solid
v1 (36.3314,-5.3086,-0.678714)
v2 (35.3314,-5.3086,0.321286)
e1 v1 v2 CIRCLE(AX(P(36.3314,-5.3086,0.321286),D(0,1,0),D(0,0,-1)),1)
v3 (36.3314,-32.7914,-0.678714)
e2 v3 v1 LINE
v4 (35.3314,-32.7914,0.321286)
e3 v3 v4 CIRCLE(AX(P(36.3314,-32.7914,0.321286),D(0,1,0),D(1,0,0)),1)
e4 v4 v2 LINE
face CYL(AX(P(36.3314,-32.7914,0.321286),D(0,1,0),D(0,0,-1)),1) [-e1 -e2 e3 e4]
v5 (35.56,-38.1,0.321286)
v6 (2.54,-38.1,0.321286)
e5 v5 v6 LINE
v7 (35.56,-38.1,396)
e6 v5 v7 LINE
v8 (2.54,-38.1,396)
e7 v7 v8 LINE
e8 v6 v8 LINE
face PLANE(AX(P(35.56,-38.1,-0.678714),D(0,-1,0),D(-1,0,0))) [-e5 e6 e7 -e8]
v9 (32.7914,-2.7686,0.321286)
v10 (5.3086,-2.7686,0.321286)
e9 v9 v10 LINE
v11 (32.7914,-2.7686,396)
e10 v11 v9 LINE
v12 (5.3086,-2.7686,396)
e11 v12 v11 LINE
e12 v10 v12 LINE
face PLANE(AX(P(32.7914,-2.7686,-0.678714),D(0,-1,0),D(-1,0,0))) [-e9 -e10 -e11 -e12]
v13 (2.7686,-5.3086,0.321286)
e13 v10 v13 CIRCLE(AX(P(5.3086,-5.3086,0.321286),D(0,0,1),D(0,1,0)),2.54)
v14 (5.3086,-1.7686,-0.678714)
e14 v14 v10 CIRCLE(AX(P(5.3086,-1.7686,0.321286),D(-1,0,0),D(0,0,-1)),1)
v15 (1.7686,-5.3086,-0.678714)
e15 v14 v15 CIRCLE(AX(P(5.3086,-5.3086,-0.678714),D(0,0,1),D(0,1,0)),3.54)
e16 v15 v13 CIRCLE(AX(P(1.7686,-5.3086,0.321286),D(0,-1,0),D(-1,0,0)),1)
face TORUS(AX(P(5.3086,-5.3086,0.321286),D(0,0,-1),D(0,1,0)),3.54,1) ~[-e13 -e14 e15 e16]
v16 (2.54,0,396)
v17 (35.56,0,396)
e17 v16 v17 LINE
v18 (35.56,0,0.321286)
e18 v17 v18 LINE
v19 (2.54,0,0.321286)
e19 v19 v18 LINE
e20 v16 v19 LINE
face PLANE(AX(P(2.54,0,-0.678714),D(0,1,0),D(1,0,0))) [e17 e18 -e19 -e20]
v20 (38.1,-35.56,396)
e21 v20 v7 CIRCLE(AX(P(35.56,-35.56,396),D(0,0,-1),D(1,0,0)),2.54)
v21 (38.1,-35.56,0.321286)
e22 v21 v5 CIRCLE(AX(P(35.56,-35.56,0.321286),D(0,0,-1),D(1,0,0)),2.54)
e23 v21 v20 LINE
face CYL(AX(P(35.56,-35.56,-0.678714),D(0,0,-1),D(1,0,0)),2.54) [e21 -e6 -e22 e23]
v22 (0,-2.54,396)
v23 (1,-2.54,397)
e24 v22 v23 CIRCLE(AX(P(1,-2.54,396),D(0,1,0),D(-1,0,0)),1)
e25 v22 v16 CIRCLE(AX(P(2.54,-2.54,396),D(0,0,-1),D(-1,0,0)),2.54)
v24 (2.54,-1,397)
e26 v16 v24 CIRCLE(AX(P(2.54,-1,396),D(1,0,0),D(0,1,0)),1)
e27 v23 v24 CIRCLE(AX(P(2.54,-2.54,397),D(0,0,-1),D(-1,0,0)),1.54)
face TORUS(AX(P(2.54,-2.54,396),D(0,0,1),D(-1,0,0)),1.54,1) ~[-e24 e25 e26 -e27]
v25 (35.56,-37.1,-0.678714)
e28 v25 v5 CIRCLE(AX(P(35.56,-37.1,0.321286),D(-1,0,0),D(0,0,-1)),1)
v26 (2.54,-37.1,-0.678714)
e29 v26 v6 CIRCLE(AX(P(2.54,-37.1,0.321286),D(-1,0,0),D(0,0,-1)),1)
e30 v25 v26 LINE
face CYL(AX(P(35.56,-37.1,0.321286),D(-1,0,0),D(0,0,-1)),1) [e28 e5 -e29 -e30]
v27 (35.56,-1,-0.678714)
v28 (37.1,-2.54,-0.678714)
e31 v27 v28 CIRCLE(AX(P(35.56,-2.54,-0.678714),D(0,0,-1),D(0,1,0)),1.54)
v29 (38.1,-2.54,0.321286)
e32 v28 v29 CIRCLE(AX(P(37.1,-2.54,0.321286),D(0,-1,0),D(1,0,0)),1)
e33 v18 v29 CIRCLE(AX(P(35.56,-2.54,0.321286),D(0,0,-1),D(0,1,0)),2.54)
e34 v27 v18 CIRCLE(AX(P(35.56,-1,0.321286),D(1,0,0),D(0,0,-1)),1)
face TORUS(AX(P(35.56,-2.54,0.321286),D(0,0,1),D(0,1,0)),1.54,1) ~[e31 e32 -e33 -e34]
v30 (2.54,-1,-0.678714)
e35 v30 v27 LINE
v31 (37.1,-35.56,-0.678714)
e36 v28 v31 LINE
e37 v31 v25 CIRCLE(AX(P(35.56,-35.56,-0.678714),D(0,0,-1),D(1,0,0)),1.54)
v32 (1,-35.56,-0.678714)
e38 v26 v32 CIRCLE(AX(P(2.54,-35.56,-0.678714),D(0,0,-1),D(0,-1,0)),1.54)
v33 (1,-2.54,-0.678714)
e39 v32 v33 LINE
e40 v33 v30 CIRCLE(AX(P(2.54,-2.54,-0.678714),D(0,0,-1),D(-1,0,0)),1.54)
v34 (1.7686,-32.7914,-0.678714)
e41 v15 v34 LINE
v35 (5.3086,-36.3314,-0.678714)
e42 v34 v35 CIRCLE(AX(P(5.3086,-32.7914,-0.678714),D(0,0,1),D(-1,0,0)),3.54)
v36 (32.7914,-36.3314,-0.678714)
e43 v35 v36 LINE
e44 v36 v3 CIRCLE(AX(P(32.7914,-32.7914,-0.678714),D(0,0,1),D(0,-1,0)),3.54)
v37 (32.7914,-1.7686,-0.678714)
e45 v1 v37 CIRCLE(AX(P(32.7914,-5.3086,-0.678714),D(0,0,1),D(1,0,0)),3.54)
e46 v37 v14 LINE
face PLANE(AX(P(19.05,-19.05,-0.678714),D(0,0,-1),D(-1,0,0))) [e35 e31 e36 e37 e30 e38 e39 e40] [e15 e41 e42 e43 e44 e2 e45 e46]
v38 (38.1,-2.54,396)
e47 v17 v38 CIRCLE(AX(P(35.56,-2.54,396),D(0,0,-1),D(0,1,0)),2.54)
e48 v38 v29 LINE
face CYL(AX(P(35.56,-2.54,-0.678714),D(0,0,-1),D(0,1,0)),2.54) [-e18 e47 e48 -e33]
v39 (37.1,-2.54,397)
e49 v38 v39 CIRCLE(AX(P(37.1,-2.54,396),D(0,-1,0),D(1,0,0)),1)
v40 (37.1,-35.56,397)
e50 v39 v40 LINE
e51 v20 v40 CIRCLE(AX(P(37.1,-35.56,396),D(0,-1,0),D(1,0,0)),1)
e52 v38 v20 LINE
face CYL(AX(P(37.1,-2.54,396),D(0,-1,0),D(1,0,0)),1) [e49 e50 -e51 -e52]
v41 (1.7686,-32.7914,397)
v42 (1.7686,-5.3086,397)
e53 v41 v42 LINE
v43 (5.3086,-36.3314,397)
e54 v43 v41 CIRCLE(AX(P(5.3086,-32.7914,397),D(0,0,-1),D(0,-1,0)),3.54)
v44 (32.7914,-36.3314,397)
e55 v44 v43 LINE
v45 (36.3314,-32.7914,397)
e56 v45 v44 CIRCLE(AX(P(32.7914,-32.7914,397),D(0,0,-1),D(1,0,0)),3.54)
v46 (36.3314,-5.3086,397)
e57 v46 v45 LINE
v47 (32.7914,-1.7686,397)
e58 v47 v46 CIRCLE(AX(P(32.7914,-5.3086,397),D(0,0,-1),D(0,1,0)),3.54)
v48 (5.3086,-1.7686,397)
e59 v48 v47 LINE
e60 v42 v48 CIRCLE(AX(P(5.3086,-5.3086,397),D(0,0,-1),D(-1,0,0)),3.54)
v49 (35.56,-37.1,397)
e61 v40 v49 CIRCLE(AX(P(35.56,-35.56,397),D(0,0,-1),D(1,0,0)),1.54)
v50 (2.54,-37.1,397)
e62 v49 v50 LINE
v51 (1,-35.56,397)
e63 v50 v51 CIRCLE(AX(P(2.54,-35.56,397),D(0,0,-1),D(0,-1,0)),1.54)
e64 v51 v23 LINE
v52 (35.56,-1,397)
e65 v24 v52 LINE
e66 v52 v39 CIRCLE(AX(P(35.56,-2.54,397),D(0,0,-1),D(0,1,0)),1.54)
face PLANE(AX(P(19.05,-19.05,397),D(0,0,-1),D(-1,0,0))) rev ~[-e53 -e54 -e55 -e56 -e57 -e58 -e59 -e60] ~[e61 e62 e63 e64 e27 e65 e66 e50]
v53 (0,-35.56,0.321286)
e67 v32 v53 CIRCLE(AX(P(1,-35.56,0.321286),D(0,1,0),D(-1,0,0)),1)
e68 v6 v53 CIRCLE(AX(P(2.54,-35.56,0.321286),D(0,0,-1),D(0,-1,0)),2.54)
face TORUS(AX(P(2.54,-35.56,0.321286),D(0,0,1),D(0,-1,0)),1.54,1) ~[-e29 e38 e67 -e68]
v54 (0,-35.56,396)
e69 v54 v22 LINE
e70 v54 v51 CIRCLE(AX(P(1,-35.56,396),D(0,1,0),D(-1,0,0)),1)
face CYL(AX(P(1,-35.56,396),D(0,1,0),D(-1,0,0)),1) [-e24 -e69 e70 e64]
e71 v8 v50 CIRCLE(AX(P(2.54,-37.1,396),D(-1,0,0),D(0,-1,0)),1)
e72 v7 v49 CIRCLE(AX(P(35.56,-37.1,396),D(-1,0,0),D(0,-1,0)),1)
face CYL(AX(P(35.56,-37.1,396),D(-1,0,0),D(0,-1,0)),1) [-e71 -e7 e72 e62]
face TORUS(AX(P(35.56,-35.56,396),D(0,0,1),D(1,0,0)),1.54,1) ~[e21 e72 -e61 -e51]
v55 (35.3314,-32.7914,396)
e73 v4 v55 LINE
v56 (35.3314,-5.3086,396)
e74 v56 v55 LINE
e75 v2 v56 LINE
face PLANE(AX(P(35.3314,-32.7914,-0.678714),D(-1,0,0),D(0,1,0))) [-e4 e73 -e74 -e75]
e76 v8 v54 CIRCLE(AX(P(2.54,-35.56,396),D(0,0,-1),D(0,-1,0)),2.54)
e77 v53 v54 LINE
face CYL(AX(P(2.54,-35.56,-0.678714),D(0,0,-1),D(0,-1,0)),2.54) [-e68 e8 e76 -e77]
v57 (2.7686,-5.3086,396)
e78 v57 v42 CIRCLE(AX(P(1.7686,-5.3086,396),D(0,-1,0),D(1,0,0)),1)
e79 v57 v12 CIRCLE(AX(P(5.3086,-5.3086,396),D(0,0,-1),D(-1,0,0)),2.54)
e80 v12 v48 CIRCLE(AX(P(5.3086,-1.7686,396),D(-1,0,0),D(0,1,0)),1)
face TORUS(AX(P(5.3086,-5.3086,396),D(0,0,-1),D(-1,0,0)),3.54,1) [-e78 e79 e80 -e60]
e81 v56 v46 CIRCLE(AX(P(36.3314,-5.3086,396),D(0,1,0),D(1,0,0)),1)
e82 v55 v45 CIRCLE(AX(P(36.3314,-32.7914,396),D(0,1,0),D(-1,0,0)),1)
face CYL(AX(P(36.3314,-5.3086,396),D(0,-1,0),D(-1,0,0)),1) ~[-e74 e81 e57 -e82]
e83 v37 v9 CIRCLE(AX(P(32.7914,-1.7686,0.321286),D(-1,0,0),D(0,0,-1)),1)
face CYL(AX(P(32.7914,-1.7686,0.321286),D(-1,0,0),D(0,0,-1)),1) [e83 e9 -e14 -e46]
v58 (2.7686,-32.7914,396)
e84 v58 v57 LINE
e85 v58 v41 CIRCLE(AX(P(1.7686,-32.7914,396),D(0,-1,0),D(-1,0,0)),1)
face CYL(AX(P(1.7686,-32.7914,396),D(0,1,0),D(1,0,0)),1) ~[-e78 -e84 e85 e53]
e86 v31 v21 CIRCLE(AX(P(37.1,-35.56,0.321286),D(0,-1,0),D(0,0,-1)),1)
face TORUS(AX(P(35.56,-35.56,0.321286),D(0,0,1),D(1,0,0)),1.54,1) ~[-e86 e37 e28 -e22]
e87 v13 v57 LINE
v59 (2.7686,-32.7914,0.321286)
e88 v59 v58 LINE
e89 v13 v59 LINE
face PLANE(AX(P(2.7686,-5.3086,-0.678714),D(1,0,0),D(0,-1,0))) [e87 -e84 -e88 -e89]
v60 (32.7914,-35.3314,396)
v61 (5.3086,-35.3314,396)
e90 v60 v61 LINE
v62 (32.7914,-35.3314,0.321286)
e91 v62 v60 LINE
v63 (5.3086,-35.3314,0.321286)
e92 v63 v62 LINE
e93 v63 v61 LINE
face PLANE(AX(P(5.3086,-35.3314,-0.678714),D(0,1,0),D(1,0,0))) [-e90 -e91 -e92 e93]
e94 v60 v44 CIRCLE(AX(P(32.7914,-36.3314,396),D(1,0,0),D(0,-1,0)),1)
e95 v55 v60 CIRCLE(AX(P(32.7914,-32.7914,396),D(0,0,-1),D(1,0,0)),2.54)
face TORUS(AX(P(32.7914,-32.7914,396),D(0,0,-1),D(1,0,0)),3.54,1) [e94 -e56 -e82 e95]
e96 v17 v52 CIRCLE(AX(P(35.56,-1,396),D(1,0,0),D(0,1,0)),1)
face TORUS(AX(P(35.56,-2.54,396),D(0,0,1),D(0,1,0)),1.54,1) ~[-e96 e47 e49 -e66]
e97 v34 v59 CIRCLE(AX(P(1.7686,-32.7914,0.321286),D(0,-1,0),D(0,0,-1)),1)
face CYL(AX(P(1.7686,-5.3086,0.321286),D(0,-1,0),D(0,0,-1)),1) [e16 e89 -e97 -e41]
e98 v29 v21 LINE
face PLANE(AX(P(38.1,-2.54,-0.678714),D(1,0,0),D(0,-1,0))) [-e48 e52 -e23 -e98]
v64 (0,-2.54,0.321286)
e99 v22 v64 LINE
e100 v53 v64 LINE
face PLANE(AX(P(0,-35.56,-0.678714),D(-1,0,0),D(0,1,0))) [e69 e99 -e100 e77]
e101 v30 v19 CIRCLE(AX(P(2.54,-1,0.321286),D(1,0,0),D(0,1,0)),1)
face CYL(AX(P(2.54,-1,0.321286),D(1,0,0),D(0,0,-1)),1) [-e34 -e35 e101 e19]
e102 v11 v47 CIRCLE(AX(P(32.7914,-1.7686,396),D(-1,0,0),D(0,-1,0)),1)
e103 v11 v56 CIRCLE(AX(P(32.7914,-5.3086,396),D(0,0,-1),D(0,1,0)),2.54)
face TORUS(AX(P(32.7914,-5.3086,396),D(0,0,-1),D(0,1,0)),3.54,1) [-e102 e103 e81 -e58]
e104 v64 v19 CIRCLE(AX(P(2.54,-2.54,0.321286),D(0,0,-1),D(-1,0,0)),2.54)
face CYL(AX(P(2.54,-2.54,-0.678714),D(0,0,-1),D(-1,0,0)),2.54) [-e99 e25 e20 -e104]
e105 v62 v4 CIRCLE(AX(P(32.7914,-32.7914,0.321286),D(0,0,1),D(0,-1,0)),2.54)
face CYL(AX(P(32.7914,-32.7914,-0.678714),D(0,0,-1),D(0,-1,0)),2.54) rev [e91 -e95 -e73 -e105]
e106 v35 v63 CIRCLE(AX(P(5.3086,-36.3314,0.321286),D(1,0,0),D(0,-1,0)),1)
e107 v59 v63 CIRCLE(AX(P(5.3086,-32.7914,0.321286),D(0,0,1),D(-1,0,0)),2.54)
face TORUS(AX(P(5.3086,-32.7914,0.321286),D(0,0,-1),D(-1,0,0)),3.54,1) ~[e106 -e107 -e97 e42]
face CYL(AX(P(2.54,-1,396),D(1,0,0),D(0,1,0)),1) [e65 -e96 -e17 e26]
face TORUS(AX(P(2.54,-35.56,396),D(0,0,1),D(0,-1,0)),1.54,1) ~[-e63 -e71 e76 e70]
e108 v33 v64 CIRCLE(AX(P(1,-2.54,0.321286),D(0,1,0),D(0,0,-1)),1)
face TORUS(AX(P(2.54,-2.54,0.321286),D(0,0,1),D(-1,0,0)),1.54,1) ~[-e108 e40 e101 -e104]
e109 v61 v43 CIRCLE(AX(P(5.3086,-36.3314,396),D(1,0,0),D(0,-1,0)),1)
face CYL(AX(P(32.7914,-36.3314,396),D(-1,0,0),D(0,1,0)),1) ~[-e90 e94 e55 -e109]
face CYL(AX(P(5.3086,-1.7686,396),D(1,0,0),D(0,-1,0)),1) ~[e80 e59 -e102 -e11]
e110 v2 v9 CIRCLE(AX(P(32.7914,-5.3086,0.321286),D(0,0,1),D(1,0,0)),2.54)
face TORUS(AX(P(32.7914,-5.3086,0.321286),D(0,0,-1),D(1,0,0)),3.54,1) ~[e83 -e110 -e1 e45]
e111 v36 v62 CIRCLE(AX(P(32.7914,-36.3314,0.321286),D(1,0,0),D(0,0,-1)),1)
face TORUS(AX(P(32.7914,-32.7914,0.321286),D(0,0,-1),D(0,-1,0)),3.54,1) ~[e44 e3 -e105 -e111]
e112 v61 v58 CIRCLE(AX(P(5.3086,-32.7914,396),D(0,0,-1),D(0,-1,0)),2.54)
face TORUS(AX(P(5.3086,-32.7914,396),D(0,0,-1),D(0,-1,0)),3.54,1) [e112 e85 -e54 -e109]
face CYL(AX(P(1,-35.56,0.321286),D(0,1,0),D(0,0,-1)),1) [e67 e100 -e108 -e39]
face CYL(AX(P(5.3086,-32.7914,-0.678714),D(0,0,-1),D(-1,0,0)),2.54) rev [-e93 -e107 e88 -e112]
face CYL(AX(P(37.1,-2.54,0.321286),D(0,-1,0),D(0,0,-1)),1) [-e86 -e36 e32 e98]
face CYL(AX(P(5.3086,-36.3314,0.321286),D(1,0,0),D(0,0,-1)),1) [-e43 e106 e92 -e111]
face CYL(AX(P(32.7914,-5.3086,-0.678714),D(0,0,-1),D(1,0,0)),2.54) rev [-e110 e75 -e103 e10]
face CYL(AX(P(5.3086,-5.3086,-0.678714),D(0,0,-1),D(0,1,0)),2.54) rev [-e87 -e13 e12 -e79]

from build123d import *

# Parameters (mm, degrees)
BOSS_EXTRUDE1_DEPTH = 397
BOSS_EXTRUDE2_START = 0.678713738
BOSS_EXTRUDE2_DEPTH = 0.678713738
FILLET1_R           = 1


with BuildPart() as part:
    # Sketch1 → Boss-Extrude1 (new body)
    with BuildSketch(Plane.XY):
        with BuildLine():
            Line((2.54, 0), (35.56, 0))
            ThreePointArc((35.56, 0), (37.356051224, -0.743948776), (38.1, -2.54))
            Line((38.1, -2.54), (38.1, -35.56))
            ThreePointArc((38.1, -35.56), (37.356051224, -37.356051224), (35.56, -38.1))
            Line((35.56, -38.1), (2.54, -38.1))
            ThreePointArc((2.54, -38.1), (0.743948776, -37.356051224), (0, -35.56))
            Line((0, -35.56), (0, -2.54))
            ThreePointArc((0, -2.54), (0.743948776, -0.743948776), (2.54, 0))
        make_face()
        with BuildLine():
            Line((5.3086, -2.7686), (32.7914, -2.7686))
            ThreePointArc((32.7914, -2.7686), (34.587451224, -3.512548776), (35.3314, -5.3086))
            Line((35.3314, -5.3086), (35.3314, -32.7914))
            ThreePointArc((35.3314, -32.7914), (34.587451224, -34.587451224), (32.7914, -35.3314))
            Line((32.7914, -35.3314), (5.3086, -35.3314))
            ThreePointArc((5.3086, -35.3314), (3.512548776, -34.587451224), (2.7686, -32.7914))
            Line((2.7686, -32.7914), (2.7686, -5.3086))
            ThreePointArc((2.7686, -5.3086), (3.512548776, -3.512548776), (5.3086, -2.7686))
        make_face(mode=Mode.SUBTRACT)
    extrude(amount=BOSS_EXTRUDE1_DEPTH)

    # Sketch2 → Boss-Extrude2 (add)
    with BuildSketch(Plane(origin=(0, 0, 0), x_dir=(-1, 0, 0), z_dir=(0, 0, -1)).offset(BOSS_EXTRUDE2_START)):
        with BuildLine():
            Line((0, -35.56), (0, -2.54))
            ThreePointArc((0, -2.54), (-0.743948776, -0.743948776), (-2.54, 0))
            Line((-2.54, 0), (-35.56, 0))
            ThreePointArc((-35.56, 0), (-37.356051224, -0.743948776), (-38.1, -2.54))
            Line((-38.1, -2.54), (-38.1, -35.56))
            ThreePointArc((-38.1, -35.56), (-37.356051224, -37.356051224), (-35.56, -38.1))
            Line((-35.56, -38.1), (-2.54, -38.1))
            ThreePointArc((-2.54, -38.1), (-0.743948776, -37.356051224), (0, -35.56))
        make_face()
        with BuildLine():
            Line((-32.7914, -2.7686), (-5.3086, -2.7686))
            ThreePointArc((-5.3086, -2.7686), (-3.512548776, -3.512548776), (-2.7686, -5.3086))
            Line((-2.7686, -5.3086), (-2.7686, -32.7914))
            ThreePointArc((-2.7686, -32.7914), (-3.512548776, -34.587451224), (-5.3086, -35.3314))
            Line((-5.3086, -35.3314), (-32.7914, -35.3314))
            ThreePointArc((-32.7914, -35.3314), (-34.587451224, -34.587451224), (-35.3314, -32.7914))
            Line((-35.3314, -32.7914), (-35.3314, -5.3086))
            ThreePointArc((-35.3314, -5.3086), (-34.587451224, -3.512548776), (-32.7914, -2.7686))
        make_face(mode=Mode.SUBTRACT)
    extrude(amount=-BOSS_EXTRUDE2_DEPTH)

    # Fillet1
    fillet1_edges = [part.edges().sort_by_distance(p)[0] for p in [
        (37.356051224, -37.356051224, 397),
        (38.1, -19.05, 397),
        (37.356051224, -0.743948776, 397),
        (19.05, 0, 397),
        (0.743948776, -0.743948776, 397),
        (0, -19.05, 397),
        (3.512548776, -34.587451224, 397),
        (19.05, -35.3314, 397),
        (34.587451224, -34.587451224, 397),
        (35.3314, -19.05, 397),
        (34.587451224, -3.512548776, 397),
        (19.05, -2.7686, 397),
        (3.512548776, -3.512548776, 397),
        (2.7686, -19.05, 397),
        (0.743948776, -37.356051224, 397),
        (19.05, -2.7686, -0.678713738),
        (3.512548776, -3.512548776, -0.678713738),
        (2.7686, -19.05, -0.678713738),
        (3.512548776, -34.587451224, -0.678713738),
        (19.05, -35.3314, -0.678713738),
        (34.587451224, -34.587451224, -0.678713738),
        (35.3314, -19.05, -0.678713738),
        (34.587451224, -3.512548776, -0.678713738),
        (19.05, -38.1, -0.678713738),
        (0.743948776, -37.356051224, -0.678713738),
        (0, -19.05, -0.678713738),
        (0.743948776, -0.743948776, -0.678713738),
        (19.05, 0, -0.678713738),
        (37.356051224, -0.743948776, -0.678713738),
        (38.1, -19.05, -0.678713738),
        (37.356051224, -37.356051224, -0.678713738),
        (19.05, -38.1, 397),
    ]]
    fillet(fillet1_edges, radius=FILLET1_R)


solid = part.part
